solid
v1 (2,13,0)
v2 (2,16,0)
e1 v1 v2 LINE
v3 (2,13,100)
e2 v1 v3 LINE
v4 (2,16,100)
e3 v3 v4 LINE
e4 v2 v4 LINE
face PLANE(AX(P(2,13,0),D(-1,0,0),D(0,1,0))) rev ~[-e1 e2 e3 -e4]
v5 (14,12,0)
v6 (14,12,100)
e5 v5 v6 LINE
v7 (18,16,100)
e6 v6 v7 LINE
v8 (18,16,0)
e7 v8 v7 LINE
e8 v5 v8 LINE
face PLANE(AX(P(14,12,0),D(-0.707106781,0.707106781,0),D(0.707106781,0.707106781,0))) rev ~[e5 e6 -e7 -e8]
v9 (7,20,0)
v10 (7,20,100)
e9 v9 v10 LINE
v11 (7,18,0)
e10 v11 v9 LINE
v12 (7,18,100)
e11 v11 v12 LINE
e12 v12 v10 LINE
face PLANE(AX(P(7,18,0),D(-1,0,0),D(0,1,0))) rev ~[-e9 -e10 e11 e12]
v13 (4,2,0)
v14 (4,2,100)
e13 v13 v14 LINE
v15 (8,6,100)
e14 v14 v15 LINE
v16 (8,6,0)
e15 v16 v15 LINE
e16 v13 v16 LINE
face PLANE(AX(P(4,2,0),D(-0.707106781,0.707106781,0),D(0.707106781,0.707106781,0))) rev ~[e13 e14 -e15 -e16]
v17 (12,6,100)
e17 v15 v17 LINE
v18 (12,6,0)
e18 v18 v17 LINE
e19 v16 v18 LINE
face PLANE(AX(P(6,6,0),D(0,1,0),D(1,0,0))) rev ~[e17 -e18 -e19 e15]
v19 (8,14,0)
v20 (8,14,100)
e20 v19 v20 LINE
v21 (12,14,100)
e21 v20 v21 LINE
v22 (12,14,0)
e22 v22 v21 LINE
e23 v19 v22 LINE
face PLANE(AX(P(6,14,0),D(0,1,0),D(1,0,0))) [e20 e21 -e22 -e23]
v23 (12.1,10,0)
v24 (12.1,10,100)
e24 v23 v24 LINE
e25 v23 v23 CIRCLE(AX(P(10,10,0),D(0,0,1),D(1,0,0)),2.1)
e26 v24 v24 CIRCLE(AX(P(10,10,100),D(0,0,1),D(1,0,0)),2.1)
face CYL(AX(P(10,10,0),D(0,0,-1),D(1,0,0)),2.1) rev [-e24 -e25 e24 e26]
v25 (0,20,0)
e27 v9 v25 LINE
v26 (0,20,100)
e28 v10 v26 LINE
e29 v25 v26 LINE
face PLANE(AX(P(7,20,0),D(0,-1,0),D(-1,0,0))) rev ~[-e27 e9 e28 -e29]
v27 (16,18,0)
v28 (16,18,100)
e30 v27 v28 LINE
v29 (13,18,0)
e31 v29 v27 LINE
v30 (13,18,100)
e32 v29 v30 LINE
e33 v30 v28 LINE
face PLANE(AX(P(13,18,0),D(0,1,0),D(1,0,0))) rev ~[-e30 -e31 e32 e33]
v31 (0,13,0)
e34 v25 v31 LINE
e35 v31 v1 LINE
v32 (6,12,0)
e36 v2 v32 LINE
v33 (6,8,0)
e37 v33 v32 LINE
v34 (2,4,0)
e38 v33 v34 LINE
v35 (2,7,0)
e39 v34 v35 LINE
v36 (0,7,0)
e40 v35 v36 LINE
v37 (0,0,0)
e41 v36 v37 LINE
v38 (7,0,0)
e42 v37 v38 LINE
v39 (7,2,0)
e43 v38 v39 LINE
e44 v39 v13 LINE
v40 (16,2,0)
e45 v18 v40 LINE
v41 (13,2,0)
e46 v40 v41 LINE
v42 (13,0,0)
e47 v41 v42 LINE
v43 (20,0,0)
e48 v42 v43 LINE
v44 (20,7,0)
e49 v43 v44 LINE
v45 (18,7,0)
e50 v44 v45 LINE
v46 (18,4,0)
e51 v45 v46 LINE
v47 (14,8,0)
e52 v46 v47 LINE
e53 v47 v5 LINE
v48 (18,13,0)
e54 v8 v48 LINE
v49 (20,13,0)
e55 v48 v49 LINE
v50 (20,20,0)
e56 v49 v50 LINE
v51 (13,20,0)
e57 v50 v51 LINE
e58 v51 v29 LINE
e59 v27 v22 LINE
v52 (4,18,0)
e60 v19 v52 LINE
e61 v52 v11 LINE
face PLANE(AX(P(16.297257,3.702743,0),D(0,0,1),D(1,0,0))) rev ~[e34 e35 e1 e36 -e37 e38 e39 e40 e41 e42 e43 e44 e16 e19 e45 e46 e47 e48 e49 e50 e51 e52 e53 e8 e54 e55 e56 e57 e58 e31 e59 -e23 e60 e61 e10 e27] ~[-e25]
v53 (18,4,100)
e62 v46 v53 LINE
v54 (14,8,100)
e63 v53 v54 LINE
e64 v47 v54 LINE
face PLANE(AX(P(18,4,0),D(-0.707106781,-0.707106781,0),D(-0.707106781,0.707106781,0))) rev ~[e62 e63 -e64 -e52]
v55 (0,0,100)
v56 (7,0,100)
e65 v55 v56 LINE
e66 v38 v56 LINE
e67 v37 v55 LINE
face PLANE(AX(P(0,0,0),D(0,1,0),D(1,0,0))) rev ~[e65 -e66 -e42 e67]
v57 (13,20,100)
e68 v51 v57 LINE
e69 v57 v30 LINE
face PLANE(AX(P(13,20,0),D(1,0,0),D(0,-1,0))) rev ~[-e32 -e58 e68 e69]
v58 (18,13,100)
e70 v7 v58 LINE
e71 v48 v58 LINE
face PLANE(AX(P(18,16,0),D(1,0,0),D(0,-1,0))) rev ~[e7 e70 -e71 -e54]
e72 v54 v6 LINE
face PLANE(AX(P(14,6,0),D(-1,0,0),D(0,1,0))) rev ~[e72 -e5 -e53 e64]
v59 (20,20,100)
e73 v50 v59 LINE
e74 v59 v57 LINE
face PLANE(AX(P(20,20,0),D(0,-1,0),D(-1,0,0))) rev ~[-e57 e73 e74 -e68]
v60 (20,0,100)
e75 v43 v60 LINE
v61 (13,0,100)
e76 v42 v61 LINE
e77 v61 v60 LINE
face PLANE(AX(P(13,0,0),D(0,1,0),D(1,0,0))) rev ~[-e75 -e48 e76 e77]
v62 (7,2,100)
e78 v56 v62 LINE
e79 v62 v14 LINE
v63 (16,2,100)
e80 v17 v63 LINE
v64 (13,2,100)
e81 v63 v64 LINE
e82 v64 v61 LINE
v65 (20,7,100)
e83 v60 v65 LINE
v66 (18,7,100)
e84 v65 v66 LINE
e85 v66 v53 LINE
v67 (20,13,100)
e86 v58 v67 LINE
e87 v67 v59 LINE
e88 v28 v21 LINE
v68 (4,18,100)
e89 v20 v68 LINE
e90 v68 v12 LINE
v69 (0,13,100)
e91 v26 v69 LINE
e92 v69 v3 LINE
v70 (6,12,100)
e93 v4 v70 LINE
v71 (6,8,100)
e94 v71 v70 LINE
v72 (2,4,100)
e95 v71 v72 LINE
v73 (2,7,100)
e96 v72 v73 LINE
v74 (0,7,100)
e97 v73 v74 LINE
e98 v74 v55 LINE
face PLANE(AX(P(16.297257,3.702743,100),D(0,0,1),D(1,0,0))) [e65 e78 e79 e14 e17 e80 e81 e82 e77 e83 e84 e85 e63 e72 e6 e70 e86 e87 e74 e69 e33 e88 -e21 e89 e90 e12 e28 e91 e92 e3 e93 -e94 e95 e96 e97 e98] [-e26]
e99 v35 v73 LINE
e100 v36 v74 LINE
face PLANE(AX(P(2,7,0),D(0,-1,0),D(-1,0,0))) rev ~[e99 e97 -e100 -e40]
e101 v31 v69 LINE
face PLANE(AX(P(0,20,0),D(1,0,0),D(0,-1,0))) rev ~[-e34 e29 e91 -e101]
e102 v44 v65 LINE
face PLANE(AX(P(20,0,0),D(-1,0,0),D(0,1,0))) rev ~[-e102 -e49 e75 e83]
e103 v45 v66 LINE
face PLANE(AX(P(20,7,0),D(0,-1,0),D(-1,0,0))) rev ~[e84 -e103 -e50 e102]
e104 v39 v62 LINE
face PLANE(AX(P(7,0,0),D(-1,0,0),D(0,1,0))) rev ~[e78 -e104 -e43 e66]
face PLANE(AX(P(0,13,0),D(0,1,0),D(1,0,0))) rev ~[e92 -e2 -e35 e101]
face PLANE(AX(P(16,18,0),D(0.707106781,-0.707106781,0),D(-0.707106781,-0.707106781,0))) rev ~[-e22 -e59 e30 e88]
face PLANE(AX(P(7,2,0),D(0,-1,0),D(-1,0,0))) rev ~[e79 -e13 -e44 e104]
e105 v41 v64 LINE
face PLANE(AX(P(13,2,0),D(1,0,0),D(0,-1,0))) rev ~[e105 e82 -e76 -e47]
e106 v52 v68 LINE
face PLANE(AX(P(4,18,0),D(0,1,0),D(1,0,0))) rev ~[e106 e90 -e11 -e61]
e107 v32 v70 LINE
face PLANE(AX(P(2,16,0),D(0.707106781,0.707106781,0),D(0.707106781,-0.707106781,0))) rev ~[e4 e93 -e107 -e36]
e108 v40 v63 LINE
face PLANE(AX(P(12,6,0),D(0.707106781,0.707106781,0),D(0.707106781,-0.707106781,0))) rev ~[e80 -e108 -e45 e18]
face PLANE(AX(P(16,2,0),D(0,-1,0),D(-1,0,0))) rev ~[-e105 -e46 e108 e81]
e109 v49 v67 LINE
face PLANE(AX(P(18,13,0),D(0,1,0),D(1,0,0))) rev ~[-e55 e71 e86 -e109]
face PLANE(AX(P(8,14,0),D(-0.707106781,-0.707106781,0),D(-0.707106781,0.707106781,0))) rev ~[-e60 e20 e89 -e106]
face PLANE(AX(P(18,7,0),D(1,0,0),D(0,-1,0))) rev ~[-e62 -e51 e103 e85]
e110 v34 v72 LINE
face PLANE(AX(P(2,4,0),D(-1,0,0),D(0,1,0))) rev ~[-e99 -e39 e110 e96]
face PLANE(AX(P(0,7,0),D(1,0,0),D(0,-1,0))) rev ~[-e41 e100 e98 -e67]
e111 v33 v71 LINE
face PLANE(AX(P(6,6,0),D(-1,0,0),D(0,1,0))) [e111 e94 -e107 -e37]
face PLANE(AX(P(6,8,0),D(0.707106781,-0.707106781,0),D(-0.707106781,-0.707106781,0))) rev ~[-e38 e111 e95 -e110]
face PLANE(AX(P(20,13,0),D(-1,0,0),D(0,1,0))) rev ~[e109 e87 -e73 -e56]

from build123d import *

# Parameters (mm, degrees)
SKETCH1_W           = 8
SKETCH1_H           = 8
SKETCH1_R           = 2.1
BOSS_EXTRUDE1_DEPTH = 100


with BuildPart() as part:
    # Sketch1 → Boss-Extrude1 (new body)
    # profile 1 of 5: a face of its own
    with BuildSketch(Plane.XY):
        Polygon((2, 16), (6, 12), (6, 14), (8, 14), (4, 18), (7, 18), (7, 20), (0, 20), (0, 13), (2, 13), align=None)
    # profile 2 of 5: a face of its own
    with BuildSketch(Plane.XY):
        Polygon((16, 18), (12, 14), (14, 14), (14, 12), (18, 16), (18, 13), (20, 13), (20, 20), (13, 20), (13, 18), align=None)
    # profile 3 of 5: a face of its own
    with BuildSketch(Plane.XY):
        with Locations((10, 10)):
            Rectangle(SKETCH1_W, SKETCH1_H)
        with Locations((10, 10)):
            Circle(SKETCH1_R, mode=Mode.SUBTRACT)
    # profile 4 of 5: a face of its own
    with BuildSketch(Plane.XY):
        Polygon((6, 8), (2, 4), (2, 7), (0, 7), (0, 0), (7, 0), (7, 2), (4, 2), (8, 6), (6, 6), align=None)
    # profile 5 of 5: a face of its own
    with BuildSketch(Plane.XY):
        Polygon((14, 6), (12, 6), (16, 2), (13, 2), (13, 0), (20, 0), (20, 7), (18, 7), (18, 4), (14, 8), align=None)
    extrude(amount=BOSS_EXTRUDE1_DEPTH)


solid = part.part
